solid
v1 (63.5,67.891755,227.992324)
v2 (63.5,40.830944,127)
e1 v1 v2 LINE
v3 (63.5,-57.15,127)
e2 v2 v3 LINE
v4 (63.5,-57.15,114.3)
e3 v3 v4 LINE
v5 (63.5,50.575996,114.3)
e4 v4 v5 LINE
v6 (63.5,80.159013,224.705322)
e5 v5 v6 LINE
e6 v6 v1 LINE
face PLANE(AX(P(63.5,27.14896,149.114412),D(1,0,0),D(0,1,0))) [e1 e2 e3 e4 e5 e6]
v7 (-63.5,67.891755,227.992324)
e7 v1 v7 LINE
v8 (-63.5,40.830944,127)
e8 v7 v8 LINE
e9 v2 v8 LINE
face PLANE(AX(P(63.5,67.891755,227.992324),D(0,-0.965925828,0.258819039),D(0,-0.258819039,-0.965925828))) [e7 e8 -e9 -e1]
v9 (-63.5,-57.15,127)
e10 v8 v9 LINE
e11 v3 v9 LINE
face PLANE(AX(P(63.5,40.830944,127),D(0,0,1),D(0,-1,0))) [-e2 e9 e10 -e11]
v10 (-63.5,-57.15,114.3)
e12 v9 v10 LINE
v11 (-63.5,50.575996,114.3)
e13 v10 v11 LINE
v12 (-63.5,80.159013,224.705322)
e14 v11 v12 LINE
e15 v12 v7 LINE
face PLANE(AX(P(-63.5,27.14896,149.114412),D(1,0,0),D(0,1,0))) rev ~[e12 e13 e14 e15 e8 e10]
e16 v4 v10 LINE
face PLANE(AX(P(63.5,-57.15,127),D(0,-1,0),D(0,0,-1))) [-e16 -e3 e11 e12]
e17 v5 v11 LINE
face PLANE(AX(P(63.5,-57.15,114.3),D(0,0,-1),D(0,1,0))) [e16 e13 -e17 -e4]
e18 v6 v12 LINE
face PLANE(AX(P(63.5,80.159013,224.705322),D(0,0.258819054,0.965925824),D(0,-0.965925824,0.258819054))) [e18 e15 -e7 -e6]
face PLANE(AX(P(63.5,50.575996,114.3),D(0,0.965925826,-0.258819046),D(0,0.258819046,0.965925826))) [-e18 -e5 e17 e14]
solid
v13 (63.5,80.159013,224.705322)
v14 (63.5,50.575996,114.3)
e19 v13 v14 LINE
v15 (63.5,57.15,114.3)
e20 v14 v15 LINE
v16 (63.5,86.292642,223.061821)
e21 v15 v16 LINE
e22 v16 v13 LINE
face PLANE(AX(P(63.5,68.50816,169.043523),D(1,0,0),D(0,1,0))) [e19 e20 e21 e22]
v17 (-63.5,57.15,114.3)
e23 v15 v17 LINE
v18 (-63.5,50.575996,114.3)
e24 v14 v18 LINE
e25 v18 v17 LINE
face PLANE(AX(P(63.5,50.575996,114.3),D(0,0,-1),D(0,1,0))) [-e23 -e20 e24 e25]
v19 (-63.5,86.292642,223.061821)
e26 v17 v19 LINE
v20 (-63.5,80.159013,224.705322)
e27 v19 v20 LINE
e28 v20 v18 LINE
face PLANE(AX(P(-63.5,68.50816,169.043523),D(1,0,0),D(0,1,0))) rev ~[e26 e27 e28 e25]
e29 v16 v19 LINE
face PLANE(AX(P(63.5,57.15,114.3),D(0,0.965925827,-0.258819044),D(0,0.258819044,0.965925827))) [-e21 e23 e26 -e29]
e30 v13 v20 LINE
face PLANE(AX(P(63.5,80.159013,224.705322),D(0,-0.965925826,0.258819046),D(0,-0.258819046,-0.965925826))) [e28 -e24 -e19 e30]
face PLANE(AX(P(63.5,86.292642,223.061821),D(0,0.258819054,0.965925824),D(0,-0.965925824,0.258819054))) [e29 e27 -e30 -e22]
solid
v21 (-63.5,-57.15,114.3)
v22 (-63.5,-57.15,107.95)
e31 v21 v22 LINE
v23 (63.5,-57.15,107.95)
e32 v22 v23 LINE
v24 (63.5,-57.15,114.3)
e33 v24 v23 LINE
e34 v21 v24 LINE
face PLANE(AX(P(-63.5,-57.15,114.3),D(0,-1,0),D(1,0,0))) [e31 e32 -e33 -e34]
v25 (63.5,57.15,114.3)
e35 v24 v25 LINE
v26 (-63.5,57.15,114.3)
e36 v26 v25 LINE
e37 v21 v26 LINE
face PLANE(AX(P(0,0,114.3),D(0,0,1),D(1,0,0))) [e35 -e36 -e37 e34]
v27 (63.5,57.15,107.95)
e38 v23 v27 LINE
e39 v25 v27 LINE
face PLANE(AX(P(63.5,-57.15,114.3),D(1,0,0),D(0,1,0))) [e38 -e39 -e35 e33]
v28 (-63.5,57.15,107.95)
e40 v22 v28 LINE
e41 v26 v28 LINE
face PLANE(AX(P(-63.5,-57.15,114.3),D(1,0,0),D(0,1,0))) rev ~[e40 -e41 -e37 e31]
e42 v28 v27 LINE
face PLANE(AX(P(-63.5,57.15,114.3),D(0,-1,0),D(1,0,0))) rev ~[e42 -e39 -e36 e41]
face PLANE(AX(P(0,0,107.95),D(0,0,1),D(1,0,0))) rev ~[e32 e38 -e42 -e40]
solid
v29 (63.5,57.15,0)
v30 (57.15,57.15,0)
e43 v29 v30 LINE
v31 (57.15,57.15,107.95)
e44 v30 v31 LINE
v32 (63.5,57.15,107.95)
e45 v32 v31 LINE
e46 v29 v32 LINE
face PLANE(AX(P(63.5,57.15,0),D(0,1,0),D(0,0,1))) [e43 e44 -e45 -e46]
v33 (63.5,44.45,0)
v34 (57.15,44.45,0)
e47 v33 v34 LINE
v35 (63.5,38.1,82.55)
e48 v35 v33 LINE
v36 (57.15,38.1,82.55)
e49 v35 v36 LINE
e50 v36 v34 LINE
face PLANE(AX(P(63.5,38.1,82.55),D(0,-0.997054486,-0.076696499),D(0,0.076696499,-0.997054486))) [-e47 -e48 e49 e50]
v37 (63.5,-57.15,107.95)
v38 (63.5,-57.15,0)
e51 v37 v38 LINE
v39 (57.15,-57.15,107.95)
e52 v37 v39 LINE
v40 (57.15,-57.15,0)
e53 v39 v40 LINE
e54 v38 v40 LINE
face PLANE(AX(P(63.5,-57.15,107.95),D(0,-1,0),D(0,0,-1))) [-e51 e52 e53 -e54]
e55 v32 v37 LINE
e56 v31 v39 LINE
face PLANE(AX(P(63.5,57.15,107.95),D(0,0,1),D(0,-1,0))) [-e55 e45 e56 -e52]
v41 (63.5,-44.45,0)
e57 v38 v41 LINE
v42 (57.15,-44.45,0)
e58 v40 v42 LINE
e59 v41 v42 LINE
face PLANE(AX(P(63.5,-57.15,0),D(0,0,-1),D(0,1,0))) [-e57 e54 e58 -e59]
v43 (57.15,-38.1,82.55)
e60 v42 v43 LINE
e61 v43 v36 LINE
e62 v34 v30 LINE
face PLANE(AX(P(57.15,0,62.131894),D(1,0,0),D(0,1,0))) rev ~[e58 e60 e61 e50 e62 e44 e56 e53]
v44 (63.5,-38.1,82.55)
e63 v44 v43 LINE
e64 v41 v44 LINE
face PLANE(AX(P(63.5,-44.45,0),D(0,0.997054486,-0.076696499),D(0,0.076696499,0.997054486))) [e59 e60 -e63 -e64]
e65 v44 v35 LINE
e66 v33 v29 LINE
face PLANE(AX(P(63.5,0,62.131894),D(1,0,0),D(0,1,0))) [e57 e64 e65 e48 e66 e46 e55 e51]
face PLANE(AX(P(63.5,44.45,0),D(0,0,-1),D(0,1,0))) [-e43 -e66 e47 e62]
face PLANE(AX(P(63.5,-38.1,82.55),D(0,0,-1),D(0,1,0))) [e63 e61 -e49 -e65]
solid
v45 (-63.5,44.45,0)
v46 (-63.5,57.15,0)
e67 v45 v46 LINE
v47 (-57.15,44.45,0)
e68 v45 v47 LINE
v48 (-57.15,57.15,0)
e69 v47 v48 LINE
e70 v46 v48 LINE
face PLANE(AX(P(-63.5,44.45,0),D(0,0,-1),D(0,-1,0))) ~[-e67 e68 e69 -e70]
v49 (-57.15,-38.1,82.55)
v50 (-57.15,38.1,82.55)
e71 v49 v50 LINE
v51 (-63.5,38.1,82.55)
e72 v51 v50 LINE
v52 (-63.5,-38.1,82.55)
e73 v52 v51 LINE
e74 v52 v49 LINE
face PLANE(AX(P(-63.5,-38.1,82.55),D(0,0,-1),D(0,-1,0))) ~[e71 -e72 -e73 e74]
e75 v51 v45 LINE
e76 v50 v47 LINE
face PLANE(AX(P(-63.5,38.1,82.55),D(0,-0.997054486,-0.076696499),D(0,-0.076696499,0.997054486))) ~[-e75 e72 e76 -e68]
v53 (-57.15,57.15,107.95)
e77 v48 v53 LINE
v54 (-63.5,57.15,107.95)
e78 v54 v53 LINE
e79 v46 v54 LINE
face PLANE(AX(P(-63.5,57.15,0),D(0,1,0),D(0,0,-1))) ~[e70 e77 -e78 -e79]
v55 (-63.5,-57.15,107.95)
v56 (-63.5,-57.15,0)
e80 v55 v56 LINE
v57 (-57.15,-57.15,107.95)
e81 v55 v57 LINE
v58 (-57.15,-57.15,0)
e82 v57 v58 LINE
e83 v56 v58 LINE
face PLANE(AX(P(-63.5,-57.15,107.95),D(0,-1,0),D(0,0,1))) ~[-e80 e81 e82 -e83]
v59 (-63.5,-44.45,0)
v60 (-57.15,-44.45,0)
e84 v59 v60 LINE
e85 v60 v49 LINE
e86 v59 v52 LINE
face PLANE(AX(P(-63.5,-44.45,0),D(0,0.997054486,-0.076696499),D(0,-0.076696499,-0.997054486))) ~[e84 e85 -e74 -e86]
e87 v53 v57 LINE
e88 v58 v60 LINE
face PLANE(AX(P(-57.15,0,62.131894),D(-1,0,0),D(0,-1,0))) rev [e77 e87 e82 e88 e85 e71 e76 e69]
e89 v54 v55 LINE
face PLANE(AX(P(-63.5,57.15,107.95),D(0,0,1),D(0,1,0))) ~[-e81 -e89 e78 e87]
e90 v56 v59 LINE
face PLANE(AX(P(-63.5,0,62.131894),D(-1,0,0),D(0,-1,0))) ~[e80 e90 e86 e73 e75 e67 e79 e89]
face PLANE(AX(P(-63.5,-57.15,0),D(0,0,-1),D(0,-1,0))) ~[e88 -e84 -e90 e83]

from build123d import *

# Parameters (mm, degrees)
F1_W     = 127
F1_H     = 114.3
F2_DEPTH = 6.35
F4_DEPTH = 127
F6_DEPTH = 127
F8_DEPTH = 6.35


with BuildPart() as f2:
    # F1 (on offset) → F2 (new body)
    with BuildSketch(Plane.XY.offset(114.3)):
        Rectangle(F1_W, F1_H)
    extrude(amount=-F2_DEPTH)


with BuildPart() as f4:
    # F3 (on face) → F4 (new body, through all)
    with BuildSketch(Plane.YZ.offset(63.5)):
        Polygon((50.575996, 114.3), (57.15, 114.3), (86.292642, 223.061821), (80.159013, 224.705322), align=None)
    extrude(amount=-F4_DEPTH)


with BuildPart() as f6:
    # F5 (on face) → F6 (new body, through all)
    with BuildSketch(Plane.YZ.offset(63.5)):
        Polygon((50.575996, 114.3), (80.159013, 224.705322), (67.891755, 227.992324), (40.830944, 127), (-57.15, 127), (-57.15, 114.3), align=None)
    extrude(amount=-F6_DEPTH)


with BuildPart() as f8:
    # F7 (on face) → F8 (new body)
    with BuildSketch(Plane.YZ.offset(63.5)):
        Polygon((57.15, 107.95), (-57.15, 107.95), (-57.15, 0), (-44.45, 0), (-38.1, 82.55), (38.1, 82.55), (44.45, 0), (57.15, 0), align=None)
    extrude(amount=-F8_DEPTH)


with BuildPart() as f9_1:
    # F9: instance of F8
    add(f8.part.mirror(Plane.YZ))


solid = Compound([f2.part, f4.part, f6.part, f8.part, f9_1.part])
